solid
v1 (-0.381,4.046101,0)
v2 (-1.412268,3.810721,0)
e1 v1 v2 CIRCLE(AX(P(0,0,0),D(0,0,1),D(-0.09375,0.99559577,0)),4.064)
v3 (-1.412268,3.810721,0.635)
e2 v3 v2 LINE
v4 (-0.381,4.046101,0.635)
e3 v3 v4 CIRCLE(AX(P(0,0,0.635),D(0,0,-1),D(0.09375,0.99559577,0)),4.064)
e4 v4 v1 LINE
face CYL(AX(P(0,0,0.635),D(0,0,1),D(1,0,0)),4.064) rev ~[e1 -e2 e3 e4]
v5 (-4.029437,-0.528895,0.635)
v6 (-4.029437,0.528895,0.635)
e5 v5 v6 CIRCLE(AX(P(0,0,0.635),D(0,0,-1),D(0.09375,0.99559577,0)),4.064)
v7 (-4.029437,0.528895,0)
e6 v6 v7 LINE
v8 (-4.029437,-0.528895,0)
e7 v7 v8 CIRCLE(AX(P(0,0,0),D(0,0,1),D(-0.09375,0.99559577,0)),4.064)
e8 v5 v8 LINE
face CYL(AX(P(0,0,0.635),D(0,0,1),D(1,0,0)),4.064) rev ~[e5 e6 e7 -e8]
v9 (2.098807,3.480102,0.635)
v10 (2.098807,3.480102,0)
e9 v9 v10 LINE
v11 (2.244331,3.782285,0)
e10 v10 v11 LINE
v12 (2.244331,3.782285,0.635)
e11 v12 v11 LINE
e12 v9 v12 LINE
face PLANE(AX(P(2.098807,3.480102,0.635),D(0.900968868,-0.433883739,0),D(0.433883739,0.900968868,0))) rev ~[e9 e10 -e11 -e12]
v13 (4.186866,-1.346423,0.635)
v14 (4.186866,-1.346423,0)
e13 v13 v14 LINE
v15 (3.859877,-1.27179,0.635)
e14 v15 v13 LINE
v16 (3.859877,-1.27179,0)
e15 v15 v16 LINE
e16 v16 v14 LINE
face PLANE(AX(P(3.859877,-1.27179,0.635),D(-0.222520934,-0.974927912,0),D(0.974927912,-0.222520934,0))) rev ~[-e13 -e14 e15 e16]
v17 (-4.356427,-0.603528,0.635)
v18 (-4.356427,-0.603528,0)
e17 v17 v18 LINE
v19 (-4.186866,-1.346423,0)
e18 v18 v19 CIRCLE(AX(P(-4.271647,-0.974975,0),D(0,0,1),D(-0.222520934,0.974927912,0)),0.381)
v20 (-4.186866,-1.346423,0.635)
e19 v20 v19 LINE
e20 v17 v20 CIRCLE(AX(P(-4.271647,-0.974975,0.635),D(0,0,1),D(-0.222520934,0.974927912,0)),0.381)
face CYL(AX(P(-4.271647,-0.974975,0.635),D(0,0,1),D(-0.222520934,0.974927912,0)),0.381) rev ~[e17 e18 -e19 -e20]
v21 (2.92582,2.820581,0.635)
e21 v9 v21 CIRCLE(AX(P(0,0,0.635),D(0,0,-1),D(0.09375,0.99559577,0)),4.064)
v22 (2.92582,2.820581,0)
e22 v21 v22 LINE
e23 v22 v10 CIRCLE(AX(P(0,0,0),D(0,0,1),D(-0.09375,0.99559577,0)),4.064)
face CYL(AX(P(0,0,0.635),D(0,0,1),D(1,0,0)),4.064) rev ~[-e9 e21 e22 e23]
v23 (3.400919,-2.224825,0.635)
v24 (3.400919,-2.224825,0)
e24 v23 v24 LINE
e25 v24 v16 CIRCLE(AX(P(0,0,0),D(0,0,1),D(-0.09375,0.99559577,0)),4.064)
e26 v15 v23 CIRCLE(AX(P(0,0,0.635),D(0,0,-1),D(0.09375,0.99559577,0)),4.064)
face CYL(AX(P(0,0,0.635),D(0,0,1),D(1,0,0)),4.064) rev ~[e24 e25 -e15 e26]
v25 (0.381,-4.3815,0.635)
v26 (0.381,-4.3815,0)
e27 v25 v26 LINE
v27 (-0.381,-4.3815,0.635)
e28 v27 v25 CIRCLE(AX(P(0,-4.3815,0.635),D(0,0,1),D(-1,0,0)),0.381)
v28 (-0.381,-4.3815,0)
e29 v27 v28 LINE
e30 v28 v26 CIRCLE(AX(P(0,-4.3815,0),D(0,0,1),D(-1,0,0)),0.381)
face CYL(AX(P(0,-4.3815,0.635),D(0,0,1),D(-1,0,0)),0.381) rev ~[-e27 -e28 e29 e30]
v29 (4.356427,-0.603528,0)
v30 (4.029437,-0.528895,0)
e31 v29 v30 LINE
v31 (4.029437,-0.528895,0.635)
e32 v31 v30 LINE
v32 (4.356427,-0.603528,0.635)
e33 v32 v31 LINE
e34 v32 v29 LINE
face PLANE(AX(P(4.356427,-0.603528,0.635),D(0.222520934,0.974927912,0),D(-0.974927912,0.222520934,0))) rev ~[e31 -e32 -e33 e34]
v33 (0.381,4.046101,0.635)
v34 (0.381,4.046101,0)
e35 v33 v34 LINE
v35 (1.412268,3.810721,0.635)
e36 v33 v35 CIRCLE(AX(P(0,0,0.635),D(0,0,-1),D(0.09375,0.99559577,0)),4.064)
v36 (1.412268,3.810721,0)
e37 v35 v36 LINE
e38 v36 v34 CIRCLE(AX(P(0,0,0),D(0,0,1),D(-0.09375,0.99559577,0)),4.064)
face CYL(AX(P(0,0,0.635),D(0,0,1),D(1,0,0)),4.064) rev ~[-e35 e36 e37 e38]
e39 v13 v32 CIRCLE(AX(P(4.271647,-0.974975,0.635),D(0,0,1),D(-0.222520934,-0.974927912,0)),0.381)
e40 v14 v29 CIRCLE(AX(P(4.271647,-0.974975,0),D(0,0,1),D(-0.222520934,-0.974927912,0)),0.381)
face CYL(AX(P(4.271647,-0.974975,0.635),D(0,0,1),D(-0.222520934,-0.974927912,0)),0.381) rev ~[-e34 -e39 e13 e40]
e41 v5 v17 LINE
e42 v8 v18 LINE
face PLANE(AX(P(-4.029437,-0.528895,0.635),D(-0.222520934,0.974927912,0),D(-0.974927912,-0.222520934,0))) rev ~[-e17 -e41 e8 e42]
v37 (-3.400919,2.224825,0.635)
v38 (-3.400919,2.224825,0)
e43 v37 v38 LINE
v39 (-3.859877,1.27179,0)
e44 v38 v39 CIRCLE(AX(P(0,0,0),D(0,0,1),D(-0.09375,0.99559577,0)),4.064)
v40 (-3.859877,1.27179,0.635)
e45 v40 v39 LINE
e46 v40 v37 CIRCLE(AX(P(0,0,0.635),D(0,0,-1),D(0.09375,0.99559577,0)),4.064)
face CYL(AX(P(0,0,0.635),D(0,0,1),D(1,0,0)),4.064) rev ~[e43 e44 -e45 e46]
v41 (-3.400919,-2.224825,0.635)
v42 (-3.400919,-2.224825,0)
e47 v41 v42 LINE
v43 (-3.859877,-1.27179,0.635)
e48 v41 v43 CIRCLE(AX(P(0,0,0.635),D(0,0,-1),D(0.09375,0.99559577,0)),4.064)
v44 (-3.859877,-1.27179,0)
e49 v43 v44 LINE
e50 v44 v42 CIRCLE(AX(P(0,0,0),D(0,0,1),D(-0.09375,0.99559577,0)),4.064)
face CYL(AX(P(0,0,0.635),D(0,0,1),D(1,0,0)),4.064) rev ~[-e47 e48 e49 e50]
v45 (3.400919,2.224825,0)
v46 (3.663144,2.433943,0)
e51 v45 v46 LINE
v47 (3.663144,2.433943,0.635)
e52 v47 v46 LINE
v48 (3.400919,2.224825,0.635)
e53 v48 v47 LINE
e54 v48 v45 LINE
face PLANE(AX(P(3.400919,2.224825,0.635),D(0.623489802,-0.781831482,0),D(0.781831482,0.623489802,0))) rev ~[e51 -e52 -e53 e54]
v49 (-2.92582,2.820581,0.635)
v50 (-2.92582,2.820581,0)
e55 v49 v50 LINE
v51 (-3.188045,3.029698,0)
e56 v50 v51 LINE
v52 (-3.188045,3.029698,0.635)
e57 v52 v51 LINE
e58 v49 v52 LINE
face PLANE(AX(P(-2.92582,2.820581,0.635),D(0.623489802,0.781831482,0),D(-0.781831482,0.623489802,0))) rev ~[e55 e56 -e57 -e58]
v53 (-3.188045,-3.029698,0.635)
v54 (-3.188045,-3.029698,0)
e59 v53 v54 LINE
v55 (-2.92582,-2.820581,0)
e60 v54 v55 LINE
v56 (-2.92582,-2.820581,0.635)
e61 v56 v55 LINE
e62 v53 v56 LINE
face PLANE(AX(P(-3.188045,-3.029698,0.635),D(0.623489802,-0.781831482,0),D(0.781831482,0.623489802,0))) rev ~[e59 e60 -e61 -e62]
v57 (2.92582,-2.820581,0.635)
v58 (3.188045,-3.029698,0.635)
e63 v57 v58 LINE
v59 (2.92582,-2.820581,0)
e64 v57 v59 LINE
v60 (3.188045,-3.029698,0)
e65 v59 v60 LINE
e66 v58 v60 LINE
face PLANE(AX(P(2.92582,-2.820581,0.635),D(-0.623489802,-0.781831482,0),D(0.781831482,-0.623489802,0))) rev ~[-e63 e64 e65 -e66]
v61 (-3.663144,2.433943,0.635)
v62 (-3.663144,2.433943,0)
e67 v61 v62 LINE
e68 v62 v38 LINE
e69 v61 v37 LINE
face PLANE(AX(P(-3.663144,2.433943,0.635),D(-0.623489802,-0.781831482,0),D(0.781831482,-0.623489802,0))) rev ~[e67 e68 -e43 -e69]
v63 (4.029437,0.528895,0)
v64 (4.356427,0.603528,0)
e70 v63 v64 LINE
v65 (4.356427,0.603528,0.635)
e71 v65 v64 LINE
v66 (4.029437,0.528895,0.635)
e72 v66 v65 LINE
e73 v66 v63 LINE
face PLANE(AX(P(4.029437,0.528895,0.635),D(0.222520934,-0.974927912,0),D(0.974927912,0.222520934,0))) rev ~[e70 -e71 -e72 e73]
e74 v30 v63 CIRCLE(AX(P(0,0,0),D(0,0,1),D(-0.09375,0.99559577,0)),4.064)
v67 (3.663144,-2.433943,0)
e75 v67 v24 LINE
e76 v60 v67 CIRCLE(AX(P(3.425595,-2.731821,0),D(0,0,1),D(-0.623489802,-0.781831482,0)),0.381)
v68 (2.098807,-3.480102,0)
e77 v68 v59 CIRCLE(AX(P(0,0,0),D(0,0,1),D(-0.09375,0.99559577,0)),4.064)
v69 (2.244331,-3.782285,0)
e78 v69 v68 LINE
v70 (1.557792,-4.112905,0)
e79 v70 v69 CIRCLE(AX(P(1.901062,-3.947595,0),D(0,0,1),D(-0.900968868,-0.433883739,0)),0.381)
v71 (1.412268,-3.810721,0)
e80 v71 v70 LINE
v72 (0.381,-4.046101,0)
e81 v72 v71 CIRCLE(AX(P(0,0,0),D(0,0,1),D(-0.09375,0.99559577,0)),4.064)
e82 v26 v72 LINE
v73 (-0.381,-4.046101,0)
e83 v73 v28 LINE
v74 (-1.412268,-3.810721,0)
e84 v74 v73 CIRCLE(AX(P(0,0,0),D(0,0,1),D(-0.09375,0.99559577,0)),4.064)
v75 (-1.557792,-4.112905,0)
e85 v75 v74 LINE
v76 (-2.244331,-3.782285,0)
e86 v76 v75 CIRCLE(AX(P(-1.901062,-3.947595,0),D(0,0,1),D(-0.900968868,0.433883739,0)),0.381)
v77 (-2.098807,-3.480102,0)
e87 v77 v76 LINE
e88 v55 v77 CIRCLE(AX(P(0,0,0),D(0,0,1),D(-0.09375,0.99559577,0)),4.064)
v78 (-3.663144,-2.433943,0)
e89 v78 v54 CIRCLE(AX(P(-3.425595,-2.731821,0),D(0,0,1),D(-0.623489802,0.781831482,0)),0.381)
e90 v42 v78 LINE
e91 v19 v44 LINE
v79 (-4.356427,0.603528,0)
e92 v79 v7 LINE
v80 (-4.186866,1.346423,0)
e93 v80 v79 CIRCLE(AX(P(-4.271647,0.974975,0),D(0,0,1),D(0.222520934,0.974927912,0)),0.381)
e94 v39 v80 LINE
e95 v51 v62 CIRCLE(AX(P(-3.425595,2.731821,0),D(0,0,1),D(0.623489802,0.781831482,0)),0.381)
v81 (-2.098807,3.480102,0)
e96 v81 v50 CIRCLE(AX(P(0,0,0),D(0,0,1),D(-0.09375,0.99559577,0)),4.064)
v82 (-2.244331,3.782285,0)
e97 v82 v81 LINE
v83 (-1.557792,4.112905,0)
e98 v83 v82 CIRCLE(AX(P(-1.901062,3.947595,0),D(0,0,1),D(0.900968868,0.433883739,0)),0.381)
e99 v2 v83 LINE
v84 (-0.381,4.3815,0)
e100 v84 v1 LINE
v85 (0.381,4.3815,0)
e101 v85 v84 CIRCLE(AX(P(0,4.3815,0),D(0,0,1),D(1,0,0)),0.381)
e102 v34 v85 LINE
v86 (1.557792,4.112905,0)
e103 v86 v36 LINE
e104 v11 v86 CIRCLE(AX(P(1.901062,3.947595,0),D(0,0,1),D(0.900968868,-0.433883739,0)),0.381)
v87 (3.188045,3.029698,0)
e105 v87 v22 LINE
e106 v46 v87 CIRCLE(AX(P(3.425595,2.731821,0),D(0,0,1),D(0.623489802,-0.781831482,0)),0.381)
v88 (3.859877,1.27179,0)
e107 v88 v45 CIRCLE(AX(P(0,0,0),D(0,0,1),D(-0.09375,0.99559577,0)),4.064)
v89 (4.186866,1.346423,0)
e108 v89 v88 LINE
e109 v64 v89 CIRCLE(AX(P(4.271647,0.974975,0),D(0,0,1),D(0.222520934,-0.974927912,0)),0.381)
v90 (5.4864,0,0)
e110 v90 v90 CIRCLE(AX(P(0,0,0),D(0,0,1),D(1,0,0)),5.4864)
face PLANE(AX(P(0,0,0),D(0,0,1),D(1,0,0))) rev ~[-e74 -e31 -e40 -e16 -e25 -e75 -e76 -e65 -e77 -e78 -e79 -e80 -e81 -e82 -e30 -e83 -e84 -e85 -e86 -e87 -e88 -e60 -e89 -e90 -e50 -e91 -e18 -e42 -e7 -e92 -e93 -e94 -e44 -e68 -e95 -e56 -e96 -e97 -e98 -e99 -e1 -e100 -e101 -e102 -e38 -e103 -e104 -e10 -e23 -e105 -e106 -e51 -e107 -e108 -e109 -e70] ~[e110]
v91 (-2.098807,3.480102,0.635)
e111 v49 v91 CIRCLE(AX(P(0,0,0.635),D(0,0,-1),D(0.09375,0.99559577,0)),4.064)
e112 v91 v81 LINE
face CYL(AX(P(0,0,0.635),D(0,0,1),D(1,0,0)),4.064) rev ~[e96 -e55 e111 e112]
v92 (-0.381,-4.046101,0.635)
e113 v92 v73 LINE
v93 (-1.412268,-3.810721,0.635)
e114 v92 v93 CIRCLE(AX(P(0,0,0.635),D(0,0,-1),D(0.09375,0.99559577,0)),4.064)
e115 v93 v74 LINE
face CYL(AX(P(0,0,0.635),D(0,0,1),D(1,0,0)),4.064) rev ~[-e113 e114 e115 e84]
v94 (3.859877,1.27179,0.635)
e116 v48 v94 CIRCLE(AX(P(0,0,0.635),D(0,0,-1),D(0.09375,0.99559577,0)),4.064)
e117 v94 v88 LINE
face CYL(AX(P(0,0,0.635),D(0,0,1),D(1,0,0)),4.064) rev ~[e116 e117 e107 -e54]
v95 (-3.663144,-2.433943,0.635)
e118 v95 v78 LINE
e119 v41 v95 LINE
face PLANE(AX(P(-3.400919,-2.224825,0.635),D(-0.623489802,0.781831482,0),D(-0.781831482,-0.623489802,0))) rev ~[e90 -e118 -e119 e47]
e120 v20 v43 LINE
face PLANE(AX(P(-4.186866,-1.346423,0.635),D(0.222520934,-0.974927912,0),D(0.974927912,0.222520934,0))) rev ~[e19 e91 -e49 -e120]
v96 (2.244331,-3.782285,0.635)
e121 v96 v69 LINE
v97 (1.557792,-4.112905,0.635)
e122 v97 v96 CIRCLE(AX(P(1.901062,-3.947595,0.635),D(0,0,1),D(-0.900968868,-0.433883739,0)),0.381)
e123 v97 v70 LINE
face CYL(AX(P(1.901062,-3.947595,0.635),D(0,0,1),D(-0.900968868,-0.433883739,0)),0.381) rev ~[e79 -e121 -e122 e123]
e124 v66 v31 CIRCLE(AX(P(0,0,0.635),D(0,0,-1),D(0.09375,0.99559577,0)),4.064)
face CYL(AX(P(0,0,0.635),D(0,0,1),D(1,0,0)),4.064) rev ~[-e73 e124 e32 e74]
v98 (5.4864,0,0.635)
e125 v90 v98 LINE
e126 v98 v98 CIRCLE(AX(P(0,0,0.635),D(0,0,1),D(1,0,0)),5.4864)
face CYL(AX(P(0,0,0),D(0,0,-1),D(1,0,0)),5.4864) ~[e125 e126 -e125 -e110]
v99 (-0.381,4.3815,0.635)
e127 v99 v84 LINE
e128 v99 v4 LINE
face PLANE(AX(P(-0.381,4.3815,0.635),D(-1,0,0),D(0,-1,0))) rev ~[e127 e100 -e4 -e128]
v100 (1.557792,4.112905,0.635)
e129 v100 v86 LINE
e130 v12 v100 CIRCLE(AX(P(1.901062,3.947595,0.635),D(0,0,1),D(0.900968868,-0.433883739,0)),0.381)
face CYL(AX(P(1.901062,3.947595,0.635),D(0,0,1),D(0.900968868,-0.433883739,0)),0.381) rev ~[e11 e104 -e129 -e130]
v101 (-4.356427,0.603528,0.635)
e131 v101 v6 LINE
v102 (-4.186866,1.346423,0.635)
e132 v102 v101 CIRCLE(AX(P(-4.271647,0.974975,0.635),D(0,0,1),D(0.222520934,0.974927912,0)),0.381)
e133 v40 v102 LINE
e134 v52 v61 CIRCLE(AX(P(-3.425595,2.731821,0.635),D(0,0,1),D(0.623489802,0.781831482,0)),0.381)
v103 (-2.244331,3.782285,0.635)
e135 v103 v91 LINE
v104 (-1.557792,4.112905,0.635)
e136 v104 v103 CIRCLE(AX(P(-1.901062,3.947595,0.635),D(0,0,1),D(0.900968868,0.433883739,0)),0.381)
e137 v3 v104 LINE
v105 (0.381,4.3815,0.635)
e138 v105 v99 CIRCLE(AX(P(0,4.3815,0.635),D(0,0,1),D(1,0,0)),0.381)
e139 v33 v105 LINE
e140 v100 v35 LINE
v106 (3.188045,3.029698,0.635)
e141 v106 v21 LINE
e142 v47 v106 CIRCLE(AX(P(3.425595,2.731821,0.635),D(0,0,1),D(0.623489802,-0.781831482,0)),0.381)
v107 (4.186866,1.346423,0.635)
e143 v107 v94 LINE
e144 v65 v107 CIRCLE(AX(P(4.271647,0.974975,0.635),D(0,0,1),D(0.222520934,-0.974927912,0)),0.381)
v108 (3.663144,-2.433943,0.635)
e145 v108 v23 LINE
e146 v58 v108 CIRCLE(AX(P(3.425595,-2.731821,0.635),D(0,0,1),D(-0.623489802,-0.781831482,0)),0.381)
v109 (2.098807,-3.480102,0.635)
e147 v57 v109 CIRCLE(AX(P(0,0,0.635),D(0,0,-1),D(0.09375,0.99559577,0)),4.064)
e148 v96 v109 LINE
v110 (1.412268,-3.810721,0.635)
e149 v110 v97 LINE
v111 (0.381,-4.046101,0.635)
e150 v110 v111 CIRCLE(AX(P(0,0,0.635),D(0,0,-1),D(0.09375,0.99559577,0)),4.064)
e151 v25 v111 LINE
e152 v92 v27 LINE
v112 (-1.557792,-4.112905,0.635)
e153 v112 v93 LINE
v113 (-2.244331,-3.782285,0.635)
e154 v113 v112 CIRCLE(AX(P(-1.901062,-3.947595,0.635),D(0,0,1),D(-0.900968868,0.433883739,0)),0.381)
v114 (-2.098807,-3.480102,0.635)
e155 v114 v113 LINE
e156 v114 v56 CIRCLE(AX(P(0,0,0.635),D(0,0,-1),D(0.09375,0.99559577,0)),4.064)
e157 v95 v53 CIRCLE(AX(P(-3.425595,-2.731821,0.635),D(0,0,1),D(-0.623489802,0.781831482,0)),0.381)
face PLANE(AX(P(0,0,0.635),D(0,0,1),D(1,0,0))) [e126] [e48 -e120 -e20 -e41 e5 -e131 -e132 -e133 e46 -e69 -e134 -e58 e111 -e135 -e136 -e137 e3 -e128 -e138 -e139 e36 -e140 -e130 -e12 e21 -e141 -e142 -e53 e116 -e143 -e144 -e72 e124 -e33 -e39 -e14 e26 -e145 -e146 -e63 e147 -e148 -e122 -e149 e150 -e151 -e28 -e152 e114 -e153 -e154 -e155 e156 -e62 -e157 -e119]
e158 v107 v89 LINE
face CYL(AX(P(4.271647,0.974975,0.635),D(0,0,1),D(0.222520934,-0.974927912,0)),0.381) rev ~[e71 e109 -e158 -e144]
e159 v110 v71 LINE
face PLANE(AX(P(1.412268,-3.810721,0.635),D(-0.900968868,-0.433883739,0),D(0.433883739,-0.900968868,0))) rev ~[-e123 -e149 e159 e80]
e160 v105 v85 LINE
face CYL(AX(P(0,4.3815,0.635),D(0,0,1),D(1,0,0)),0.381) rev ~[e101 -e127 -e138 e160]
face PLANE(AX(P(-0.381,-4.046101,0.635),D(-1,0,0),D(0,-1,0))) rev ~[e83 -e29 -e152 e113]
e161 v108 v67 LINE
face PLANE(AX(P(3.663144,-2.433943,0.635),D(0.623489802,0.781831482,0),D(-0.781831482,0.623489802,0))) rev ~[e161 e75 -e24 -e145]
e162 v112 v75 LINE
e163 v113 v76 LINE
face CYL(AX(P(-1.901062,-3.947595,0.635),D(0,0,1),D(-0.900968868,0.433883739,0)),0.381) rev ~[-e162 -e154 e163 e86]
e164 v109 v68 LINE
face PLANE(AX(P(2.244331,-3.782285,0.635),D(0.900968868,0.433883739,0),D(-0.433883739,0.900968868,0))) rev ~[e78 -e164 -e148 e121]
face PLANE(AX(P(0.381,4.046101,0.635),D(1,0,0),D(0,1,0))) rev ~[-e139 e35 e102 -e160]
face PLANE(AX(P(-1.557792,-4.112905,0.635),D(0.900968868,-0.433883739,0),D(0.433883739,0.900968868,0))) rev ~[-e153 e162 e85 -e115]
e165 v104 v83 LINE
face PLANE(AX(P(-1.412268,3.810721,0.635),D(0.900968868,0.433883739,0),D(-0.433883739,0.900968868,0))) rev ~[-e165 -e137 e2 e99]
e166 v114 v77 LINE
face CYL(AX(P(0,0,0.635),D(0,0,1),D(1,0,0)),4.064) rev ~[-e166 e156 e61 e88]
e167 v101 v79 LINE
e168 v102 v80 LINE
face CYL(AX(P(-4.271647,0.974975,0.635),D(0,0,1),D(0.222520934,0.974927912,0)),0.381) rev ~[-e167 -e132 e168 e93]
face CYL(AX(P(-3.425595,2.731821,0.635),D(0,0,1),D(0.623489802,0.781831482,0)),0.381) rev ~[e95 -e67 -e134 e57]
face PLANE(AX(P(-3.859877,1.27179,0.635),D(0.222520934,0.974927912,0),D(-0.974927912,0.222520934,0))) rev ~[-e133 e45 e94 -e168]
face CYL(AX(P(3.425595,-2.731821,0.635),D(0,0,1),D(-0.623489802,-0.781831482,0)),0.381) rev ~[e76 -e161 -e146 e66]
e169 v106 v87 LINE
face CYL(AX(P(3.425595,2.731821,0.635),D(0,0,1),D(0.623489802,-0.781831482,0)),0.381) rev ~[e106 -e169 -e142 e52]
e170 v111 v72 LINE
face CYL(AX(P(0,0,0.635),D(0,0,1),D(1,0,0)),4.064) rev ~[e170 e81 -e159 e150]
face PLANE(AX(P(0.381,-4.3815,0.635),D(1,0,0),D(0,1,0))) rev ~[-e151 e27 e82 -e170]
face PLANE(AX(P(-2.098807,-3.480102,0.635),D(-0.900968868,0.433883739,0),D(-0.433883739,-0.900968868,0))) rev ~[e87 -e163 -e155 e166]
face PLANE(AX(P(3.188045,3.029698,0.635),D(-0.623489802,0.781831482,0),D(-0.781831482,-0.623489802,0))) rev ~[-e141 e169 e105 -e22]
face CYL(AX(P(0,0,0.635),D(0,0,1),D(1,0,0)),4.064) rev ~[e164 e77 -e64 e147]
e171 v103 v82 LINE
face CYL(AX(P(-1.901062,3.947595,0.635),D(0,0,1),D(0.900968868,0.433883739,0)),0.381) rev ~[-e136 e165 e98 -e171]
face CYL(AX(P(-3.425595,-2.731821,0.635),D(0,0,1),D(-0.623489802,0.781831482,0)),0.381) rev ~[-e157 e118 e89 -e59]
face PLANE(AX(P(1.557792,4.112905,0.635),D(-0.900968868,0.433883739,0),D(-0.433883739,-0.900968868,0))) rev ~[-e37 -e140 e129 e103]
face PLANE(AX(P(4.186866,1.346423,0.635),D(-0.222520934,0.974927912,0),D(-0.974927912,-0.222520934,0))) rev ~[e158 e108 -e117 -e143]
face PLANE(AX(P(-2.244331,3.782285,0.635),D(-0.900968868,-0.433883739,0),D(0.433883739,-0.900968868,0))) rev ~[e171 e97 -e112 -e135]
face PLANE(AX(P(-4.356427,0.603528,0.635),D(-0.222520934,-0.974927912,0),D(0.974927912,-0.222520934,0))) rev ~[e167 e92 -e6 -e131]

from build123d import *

# Parameters (mm, degrees)
SKETCH1_R          = 5.4864
BASE_EXTRUDE_DEPTH = 0.635
SKETCH2_R          = 4.064
CUT_EXTRUDE1_DEPTH = 1.635
CUT_EXTRUDE4_DEPTH = 1.635
CIRPATTERN1_COUNT  = 14


with BuildPart() as part:
    # Sketch1 → Base-Extrude (new body)
    with BuildSketch(Plane.XY):
        Circle(SKETCH1_R)
    extrude(amount=BASE_EXTRUDE_DEPTH)

    # Sketch2 → Cut-Extrude1 (cut, through all)
    with BuildSketch(Plane.XY.offset(0.635)):
        Circle(SKETCH2_R)
    extrude(amount=-CUT_EXTRUDE1_DEPTH, mode=Mode.SUBTRACT)

    # Sketch3 → Cut-Extrude4 (cut, through all)
    with BuildSketch(Plane.XY.offset(0.635)):
        with BuildLine():
            Line((0.381, 4.04610121), (0.381, 4.3815))
            ThreePointArc((0.381, 4.3815), (0, 4.7625), (-0.381, 4.3815))
            Line((-0.381, 4.3815), (-0.381, 4.04610121))
            ThreePointArc((-0.381, 4.04610121), (0, 4.064), (0.381, 4.04610121))
        make_face()
    cut_extrude4 = extrude(amount=-CUT_EXTRUDE4_DEPTH, mode=Mode.SUBTRACT)

    # CirPattern1: Cut-Extrude4 ×14 about axis
    cirpattern1_axis = Axis((0, 0, 0), (0, 0, 1))
    for i in range(1, CIRPATTERN1_COUNT):
        add(cut_extrude4.rotate(cirpattern1_axis, i * 360 / CIRPATTERN1_COUNT), mode=Mode.SUBTRACT)


solid = part.part
